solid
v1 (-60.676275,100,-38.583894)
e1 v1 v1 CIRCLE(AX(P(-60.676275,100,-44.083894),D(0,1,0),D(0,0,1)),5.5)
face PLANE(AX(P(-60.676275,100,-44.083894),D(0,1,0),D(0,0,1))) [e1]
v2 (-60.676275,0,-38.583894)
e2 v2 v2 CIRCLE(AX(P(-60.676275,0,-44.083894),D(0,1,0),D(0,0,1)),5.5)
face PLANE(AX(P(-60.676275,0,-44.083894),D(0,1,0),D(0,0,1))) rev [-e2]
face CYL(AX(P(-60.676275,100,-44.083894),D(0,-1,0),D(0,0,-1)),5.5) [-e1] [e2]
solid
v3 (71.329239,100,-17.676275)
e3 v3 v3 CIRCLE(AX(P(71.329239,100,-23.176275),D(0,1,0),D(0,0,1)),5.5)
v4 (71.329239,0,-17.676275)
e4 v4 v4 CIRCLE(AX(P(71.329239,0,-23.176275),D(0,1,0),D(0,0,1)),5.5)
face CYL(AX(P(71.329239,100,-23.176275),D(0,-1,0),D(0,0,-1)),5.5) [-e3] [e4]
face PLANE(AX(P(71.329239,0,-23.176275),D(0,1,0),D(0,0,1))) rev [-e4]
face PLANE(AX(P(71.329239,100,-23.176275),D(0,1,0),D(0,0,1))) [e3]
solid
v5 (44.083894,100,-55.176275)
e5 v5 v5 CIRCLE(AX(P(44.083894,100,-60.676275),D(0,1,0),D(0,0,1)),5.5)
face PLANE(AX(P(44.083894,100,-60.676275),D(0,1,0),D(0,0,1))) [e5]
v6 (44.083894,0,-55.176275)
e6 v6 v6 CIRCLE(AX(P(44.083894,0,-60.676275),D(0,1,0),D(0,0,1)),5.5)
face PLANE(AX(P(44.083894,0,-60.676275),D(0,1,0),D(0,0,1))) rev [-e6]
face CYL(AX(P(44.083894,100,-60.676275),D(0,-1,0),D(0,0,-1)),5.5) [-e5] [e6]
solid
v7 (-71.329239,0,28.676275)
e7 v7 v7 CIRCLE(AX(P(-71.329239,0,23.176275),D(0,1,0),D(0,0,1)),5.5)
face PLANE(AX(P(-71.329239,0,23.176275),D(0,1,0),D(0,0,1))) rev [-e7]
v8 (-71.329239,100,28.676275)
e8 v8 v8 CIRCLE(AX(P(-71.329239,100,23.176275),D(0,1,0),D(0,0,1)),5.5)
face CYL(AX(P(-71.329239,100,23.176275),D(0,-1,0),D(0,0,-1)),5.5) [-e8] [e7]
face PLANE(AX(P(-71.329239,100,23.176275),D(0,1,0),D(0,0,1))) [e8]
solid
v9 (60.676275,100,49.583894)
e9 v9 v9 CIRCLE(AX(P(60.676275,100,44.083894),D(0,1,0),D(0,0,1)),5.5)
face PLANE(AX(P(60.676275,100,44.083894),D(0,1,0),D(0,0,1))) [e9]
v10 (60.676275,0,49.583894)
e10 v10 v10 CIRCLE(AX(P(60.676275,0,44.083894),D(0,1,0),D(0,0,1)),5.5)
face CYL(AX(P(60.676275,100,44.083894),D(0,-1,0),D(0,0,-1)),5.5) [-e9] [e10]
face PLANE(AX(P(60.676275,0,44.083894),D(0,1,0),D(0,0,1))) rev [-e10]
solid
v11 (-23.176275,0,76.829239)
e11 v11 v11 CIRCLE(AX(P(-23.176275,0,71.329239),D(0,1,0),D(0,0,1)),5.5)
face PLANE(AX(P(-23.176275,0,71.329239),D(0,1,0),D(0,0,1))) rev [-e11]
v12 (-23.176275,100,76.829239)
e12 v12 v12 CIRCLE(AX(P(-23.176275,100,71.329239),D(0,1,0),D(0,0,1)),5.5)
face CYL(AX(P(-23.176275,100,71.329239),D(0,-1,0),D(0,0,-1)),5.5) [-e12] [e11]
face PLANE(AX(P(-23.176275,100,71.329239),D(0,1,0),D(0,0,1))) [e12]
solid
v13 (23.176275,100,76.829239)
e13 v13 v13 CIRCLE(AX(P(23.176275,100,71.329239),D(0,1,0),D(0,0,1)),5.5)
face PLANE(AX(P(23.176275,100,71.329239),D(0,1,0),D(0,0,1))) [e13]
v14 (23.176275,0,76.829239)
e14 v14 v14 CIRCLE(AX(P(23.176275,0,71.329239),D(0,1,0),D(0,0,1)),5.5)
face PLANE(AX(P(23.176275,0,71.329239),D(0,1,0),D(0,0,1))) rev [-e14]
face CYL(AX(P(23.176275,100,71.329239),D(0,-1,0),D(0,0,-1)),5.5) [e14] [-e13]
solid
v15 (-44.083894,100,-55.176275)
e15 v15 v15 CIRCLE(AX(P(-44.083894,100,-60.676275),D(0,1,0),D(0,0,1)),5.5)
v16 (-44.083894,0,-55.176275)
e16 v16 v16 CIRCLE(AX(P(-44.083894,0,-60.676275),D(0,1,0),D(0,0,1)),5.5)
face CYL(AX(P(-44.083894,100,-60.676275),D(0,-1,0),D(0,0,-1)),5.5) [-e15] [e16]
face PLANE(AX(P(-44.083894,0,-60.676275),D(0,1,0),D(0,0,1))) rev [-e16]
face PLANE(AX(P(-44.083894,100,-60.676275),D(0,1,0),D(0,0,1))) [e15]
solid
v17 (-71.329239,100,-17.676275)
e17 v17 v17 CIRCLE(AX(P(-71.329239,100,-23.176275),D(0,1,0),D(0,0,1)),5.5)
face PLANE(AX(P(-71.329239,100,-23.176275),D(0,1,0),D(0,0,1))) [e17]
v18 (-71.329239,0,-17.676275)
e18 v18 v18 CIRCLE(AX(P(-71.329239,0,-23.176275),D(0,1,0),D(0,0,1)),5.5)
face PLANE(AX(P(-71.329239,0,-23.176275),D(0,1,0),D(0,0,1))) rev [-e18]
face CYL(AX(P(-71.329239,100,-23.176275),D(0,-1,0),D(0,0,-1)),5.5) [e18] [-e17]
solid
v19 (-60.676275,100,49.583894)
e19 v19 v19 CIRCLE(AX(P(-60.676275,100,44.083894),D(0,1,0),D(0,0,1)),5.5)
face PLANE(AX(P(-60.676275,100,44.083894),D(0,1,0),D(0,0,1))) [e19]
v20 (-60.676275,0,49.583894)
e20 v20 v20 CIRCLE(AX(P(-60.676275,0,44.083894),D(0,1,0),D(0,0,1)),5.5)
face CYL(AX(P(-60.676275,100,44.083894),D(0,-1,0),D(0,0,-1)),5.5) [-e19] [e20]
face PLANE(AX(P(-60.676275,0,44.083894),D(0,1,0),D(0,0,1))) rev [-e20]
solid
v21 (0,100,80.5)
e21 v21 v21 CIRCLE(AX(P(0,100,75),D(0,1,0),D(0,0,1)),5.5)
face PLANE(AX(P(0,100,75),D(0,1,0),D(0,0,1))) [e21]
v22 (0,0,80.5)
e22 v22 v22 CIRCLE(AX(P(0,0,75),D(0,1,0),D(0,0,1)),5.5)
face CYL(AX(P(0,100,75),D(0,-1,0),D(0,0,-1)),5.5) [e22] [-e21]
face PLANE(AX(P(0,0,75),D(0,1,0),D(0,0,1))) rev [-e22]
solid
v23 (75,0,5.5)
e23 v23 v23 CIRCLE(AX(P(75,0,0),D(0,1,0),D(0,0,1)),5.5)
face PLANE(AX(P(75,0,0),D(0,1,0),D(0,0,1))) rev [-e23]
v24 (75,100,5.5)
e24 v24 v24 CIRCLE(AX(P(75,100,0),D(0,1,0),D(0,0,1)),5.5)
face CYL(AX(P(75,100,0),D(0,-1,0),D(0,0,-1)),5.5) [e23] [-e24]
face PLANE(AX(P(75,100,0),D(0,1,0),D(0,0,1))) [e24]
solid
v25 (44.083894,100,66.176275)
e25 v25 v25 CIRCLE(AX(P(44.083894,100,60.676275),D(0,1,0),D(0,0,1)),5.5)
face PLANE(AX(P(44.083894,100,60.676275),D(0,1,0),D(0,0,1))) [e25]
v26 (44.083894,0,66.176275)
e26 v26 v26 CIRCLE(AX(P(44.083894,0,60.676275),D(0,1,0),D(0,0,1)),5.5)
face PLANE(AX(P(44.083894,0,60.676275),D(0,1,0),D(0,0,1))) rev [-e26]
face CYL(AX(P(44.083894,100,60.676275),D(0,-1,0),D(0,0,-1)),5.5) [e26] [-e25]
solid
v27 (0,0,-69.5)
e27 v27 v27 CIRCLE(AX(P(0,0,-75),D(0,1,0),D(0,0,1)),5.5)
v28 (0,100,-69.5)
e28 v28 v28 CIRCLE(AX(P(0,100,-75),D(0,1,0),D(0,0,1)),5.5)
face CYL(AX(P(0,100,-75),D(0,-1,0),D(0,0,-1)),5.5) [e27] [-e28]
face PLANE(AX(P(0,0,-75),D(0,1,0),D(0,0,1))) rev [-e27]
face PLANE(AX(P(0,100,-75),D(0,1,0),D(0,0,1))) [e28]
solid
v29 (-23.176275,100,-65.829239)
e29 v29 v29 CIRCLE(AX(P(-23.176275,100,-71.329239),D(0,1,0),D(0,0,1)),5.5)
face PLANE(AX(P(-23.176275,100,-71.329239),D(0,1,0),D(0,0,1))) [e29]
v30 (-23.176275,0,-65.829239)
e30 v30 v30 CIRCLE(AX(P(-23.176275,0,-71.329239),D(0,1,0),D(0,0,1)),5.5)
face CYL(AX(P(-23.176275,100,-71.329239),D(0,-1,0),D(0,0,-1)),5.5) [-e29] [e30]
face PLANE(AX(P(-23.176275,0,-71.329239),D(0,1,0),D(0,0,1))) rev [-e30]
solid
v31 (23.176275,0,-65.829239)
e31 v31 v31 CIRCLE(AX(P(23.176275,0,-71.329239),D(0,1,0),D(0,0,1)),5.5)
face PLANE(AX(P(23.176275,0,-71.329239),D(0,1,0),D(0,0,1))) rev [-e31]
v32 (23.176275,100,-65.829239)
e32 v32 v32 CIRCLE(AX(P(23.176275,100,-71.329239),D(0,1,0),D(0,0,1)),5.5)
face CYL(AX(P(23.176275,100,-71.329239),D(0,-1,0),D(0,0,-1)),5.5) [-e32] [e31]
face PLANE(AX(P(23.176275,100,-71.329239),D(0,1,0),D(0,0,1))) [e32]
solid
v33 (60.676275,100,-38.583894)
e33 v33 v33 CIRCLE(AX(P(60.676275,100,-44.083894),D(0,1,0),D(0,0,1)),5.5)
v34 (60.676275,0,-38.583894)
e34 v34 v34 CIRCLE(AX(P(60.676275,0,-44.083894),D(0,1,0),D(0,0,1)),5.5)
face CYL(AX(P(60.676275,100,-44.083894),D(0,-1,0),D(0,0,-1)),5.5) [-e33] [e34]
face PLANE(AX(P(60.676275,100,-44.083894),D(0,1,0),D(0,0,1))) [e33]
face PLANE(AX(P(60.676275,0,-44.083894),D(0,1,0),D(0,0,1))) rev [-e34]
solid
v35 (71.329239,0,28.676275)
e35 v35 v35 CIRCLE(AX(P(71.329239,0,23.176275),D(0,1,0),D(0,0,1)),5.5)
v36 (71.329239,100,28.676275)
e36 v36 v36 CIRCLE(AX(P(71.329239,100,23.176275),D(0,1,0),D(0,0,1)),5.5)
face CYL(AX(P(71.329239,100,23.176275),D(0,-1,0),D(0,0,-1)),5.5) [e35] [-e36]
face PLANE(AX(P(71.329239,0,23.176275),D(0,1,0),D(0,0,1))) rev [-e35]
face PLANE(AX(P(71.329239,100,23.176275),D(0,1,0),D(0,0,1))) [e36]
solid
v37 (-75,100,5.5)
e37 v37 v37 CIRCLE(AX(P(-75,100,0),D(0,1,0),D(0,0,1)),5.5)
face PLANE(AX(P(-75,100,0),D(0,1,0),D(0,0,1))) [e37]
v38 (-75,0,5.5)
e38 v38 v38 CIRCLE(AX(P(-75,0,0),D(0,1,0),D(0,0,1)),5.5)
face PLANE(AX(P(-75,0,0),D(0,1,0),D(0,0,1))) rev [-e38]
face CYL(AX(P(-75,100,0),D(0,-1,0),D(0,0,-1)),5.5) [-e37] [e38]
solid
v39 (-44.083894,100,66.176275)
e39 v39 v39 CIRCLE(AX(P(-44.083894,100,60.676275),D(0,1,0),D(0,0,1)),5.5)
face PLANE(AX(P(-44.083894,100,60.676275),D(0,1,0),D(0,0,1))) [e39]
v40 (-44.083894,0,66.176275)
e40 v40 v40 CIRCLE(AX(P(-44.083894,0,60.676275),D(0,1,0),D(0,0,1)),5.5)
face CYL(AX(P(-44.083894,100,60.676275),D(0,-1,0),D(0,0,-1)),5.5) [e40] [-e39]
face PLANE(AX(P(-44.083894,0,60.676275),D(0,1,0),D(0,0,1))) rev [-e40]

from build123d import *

# Parameters (mm, degrees)
SKETCH1_R              = 5.5
BOSS_EXTRUDE1_DEPTH    = 100
BOSS_EXTRUDE1_2_DEPTH  = 100
BOSS_EXTRUDE1_3_DEPTH  = 100
BOSS_EXTRUDE1_4_DEPTH  = 100
BOSS_EXTRUDE1_5_DEPTH  = 100
BOSS_EXTRUDE1_6_DEPTH  = 100
BOSS_EXTRUDE1_7_DEPTH  = 100
BOSS_EXTRUDE1_8_DEPTH  = 100
BOSS_EXTRUDE1_9_DEPTH  = 100
BOSS_EXTRUDE1_10_DEPTH = 100
BOSS_EXTRUDE1_11_DEPTH = 100
BOSS_EXTRUDE1_12_DEPTH = 100
BOSS_EXTRUDE1_13_DEPTH = 100
BOSS_EXTRUDE1_14_DEPTH = 100
BOSS_EXTRUDE1_15_DEPTH = 100
BOSS_EXTRUDE1_16_DEPTH = 100
BOSS_EXTRUDE1_17_DEPTH = 100
BOSS_EXTRUDE1_18_DEPTH = 100
BOSS_EXTRUDE1_19_DEPTH = 100
BOSS_EXTRUDE1_20_DEPTH = 100


with BuildPart() as part:
    # Sketch1 → Boss-Extrude1 (new body)
    with BuildSketch(Plane(origin=(0, 0, 0), x_dir=(1, 0, 0), z_dir=(0, 1, 0))):
        with Locations((0, 75)):
            Circle(SKETCH1_R)
    extrude(amount=BOSS_EXTRUDE1_DEPTH)


with BuildPart() as body_2:
    # Sketch1 → Boss-Extrude1 2 (new body)
    with BuildSketch(Plane(origin=(0, 0, 0), x_dir=(1, 0, 0), z_dir=(0, 1, 0))):
        with Locations((23.176274578, 71.329238722)):
            Circle(SKETCH1_R)
    extrude(amount=BOSS_EXTRUDE1_2_DEPTH)


with BuildPart() as body_3:
    # Sketch1 → Boss-Extrude1 3 (new body)
    with BuildSketch(Plane(origin=(0, 0, 0), x_dir=(1, 0, 0), z_dir=(0, 1, 0))):
        with Locations((44.083893922, 60.676274578)):
            Circle(SKETCH1_R)
    extrude(amount=BOSS_EXTRUDE1_3_DEPTH)


with BuildPart() as body_4:
    # Sketch1 → Boss-Extrude1 4 (new body)
    with BuildSketch(Plane(origin=(0, 0, 0), x_dir=(1, 0, 0), z_dir=(0, 1, 0))):
        with Locations((60.676274578, 44.083893922)):
            Circle(SKETCH1_R)
    extrude(amount=BOSS_EXTRUDE1_4_DEPTH)


with BuildPart() as body_5:
    # Sketch1 → Boss-Extrude1 5 (new body)
    with BuildSketch(Plane(origin=(0, 0, 0), x_dir=(1, 0, 0), z_dir=(0, 1, 0))):
        with Locations((71.329238722, 23.176274578)):
            Circle(SKETCH1_R)
    extrude(amount=BOSS_EXTRUDE1_5_DEPTH)


with BuildPart() as body_6:
    # Sketch1 → Boss-Extrude1 6 (new body)
    with BuildSketch(Plane(origin=(0, 0, 0), x_dir=(1, 0, 0), z_dir=(0, 1, 0))):
        with Locations((75, 0)):
            Circle(SKETCH1_R)
    extrude(amount=BOSS_EXTRUDE1_6_DEPTH)


with BuildPart() as body_7:
    # Sketch1 → Boss-Extrude1 7 (new body)
    with BuildSketch(Plane(origin=(0, 0, 0), x_dir=(1, 0, 0), z_dir=(0, 1, 0))):
        with Locations((71.329238722, -23.176274578)):
            Circle(SKETCH1_R)
    extrude(amount=BOSS_EXTRUDE1_7_DEPTH)


with BuildPart() as body_8:
    # Sketch1 → Boss-Extrude1 8 (new body)
    with BuildSketch(Plane(origin=(0, 0, 0), x_dir=(1, 0, 0), z_dir=(0, 1, 0))):
        with Locations((60.676274578, -44.083893922)):
            Circle(SKETCH1_R)
    extrude(amount=BOSS_EXTRUDE1_8_DEPTH)


with BuildPart() as body_9:
    # Sketch1 → Boss-Extrude1 9 (new body)
    with BuildSketch(Plane(origin=(0, 0, 0), x_dir=(1, 0, 0), z_dir=(0, 1, 0))):
        with Locations((44.083893922, -60.676274578)):
            Circle(SKETCH1_R)
    extrude(amount=BOSS_EXTRUDE1_9_DEPTH)


with BuildPart() as body_10:
    # Sketch1 → Boss-Extrude1 10 (new body)
    with BuildSketch(Plane(origin=(0, 0, 0), x_dir=(1, 0, 0), z_dir=(0, 1, 0))):
        with Locations((23.176274578, -71.329238722)):
            Circle(SKETCH1_R)
    extrude(amount=BOSS_EXTRUDE1_10_DEPTH)


with BuildPart() as body_11:
    # Sketch1 → Boss-Extrude1 11 (new body)
    with BuildSketch(Plane(origin=(0, 0, 0), x_dir=(1, 0, 0), z_dir=(0, 1, 0))):
        with Locations((0, -75)):
            Circle(SKETCH1_R)
    extrude(amount=BOSS_EXTRUDE1_11_DEPTH)


with BuildPart() as body_12:
    # Sketch1 → Boss-Extrude1 12 (new body)
    with BuildSketch(Plane(origin=(0, 0, 0), x_dir=(1, 0, 0), z_dir=(0, 1, 0))):
        with Locations((-23.176274578, -71.329238722)):
            Circle(SKETCH1_R)
    extrude(amount=BOSS_EXTRUDE1_12_DEPTH)


with BuildPart() as body_13:
    # Sketch1 → Boss-Extrude1 13 (new body)
    with BuildSketch(Plane(origin=(0, 0, 0), x_dir=(1, 0, 0), z_dir=(0, 1, 0))):
        with Locations((-44.083893922, -60.676274578)):
            Circle(SKETCH1_R)
    extrude(amount=BOSS_EXTRUDE1_13_DEPTH)


with BuildPart() as body_14:
    # Sketch1 → Boss-Extrude1 14 (new body)
    with BuildSketch(Plane(origin=(0, 0, 0), x_dir=(1, 0, 0), z_dir=(0, 1, 0))):
        with Locations((-60.676274578, -44.083893922)):
            Circle(SKETCH1_R)
    extrude(amount=BOSS_EXTRUDE1_14_DEPTH)


with BuildPart() as body_15:
    # Sketch1 → Boss-Extrude1 15 (new body)
    with BuildSketch(Plane(origin=(0, 0, 0), x_dir=(1, 0, 0), z_dir=(0, 1, 0))):
        with Locations((-71.329238722, -23.176274578)):
            Circle(SKETCH1_R)
    extrude(amount=BOSS_EXTRUDE1_15_DEPTH)


with BuildPart() as body_16:
    # Sketch1 → Boss-Extrude1 16 (new body)
    with BuildSketch(Plane(origin=(0, 0, 0), x_dir=(1, 0, 0), z_dir=(0, 1, 0))):
        with Locations((-75, 0)):
            Circle(SKETCH1_R)
    extrude(amount=BOSS_EXTRUDE1_16_DEPTH)


with BuildPart() as body_17:
    # Sketch1 → Boss-Extrude1 17 (new body)
    with BuildSketch(Plane(origin=(0, 0, 0), x_dir=(1, 0, 0), z_dir=(0, 1, 0))):
        with Locations((-71.329238722, 23.176274578)):
            Circle(SKETCH1_R)
    extrude(amount=BOSS_EXTRUDE1_17_DEPTH)


with BuildPart() as body_18:
    # Sketch1 → Boss-Extrude1 18 (new body)
    with BuildSketch(Plane(origin=(0, 0, 0), x_dir=(1, 0, 0), z_dir=(0, 1, 0))):
        with Locations((-60.676274578, 44.083893922)):
            Circle(SKETCH1_R)
    extrude(amount=BOSS_EXTRUDE1_18_DEPTH)


with BuildPart() as body_19:
    # Sketch1 → Boss-Extrude1 19 (new body)
    with BuildSketch(Plane(origin=(0, 0, 0), x_dir=(1, 0, 0), z_dir=(0, 1, 0))):
        with Locations((-44.083893922, 60.676274578)):
            Circle(SKETCH1_R)
    extrude(amount=BOSS_EXTRUDE1_19_DEPTH)


with BuildPart() as body_20:
    # Sketch1 → Boss-Extrude1 20 (new body)
    with BuildSketch(Plane(origin=(0, 0, 0), x_dir=(1, 0, 0), z_dir=(0, 1, 0))):
        with Locations((-23.176274578, 71.329238722)):
            Circle(SKETCH1_R)
    extrude(amount=BOSS_EXTRUDE1_20_DEPTH)


solid = Compound([part.part, body_2.part, body_3.part, body_4.part, body_5.part, body_6.part, body_7.part, body_8.part, body_9.part, body_10.part, body_11.part, body_12.part, body_13.part, body_14.part, body_15.part, body_16.part, body_17.part, body_18.part, body_19.part, body_20.part])
